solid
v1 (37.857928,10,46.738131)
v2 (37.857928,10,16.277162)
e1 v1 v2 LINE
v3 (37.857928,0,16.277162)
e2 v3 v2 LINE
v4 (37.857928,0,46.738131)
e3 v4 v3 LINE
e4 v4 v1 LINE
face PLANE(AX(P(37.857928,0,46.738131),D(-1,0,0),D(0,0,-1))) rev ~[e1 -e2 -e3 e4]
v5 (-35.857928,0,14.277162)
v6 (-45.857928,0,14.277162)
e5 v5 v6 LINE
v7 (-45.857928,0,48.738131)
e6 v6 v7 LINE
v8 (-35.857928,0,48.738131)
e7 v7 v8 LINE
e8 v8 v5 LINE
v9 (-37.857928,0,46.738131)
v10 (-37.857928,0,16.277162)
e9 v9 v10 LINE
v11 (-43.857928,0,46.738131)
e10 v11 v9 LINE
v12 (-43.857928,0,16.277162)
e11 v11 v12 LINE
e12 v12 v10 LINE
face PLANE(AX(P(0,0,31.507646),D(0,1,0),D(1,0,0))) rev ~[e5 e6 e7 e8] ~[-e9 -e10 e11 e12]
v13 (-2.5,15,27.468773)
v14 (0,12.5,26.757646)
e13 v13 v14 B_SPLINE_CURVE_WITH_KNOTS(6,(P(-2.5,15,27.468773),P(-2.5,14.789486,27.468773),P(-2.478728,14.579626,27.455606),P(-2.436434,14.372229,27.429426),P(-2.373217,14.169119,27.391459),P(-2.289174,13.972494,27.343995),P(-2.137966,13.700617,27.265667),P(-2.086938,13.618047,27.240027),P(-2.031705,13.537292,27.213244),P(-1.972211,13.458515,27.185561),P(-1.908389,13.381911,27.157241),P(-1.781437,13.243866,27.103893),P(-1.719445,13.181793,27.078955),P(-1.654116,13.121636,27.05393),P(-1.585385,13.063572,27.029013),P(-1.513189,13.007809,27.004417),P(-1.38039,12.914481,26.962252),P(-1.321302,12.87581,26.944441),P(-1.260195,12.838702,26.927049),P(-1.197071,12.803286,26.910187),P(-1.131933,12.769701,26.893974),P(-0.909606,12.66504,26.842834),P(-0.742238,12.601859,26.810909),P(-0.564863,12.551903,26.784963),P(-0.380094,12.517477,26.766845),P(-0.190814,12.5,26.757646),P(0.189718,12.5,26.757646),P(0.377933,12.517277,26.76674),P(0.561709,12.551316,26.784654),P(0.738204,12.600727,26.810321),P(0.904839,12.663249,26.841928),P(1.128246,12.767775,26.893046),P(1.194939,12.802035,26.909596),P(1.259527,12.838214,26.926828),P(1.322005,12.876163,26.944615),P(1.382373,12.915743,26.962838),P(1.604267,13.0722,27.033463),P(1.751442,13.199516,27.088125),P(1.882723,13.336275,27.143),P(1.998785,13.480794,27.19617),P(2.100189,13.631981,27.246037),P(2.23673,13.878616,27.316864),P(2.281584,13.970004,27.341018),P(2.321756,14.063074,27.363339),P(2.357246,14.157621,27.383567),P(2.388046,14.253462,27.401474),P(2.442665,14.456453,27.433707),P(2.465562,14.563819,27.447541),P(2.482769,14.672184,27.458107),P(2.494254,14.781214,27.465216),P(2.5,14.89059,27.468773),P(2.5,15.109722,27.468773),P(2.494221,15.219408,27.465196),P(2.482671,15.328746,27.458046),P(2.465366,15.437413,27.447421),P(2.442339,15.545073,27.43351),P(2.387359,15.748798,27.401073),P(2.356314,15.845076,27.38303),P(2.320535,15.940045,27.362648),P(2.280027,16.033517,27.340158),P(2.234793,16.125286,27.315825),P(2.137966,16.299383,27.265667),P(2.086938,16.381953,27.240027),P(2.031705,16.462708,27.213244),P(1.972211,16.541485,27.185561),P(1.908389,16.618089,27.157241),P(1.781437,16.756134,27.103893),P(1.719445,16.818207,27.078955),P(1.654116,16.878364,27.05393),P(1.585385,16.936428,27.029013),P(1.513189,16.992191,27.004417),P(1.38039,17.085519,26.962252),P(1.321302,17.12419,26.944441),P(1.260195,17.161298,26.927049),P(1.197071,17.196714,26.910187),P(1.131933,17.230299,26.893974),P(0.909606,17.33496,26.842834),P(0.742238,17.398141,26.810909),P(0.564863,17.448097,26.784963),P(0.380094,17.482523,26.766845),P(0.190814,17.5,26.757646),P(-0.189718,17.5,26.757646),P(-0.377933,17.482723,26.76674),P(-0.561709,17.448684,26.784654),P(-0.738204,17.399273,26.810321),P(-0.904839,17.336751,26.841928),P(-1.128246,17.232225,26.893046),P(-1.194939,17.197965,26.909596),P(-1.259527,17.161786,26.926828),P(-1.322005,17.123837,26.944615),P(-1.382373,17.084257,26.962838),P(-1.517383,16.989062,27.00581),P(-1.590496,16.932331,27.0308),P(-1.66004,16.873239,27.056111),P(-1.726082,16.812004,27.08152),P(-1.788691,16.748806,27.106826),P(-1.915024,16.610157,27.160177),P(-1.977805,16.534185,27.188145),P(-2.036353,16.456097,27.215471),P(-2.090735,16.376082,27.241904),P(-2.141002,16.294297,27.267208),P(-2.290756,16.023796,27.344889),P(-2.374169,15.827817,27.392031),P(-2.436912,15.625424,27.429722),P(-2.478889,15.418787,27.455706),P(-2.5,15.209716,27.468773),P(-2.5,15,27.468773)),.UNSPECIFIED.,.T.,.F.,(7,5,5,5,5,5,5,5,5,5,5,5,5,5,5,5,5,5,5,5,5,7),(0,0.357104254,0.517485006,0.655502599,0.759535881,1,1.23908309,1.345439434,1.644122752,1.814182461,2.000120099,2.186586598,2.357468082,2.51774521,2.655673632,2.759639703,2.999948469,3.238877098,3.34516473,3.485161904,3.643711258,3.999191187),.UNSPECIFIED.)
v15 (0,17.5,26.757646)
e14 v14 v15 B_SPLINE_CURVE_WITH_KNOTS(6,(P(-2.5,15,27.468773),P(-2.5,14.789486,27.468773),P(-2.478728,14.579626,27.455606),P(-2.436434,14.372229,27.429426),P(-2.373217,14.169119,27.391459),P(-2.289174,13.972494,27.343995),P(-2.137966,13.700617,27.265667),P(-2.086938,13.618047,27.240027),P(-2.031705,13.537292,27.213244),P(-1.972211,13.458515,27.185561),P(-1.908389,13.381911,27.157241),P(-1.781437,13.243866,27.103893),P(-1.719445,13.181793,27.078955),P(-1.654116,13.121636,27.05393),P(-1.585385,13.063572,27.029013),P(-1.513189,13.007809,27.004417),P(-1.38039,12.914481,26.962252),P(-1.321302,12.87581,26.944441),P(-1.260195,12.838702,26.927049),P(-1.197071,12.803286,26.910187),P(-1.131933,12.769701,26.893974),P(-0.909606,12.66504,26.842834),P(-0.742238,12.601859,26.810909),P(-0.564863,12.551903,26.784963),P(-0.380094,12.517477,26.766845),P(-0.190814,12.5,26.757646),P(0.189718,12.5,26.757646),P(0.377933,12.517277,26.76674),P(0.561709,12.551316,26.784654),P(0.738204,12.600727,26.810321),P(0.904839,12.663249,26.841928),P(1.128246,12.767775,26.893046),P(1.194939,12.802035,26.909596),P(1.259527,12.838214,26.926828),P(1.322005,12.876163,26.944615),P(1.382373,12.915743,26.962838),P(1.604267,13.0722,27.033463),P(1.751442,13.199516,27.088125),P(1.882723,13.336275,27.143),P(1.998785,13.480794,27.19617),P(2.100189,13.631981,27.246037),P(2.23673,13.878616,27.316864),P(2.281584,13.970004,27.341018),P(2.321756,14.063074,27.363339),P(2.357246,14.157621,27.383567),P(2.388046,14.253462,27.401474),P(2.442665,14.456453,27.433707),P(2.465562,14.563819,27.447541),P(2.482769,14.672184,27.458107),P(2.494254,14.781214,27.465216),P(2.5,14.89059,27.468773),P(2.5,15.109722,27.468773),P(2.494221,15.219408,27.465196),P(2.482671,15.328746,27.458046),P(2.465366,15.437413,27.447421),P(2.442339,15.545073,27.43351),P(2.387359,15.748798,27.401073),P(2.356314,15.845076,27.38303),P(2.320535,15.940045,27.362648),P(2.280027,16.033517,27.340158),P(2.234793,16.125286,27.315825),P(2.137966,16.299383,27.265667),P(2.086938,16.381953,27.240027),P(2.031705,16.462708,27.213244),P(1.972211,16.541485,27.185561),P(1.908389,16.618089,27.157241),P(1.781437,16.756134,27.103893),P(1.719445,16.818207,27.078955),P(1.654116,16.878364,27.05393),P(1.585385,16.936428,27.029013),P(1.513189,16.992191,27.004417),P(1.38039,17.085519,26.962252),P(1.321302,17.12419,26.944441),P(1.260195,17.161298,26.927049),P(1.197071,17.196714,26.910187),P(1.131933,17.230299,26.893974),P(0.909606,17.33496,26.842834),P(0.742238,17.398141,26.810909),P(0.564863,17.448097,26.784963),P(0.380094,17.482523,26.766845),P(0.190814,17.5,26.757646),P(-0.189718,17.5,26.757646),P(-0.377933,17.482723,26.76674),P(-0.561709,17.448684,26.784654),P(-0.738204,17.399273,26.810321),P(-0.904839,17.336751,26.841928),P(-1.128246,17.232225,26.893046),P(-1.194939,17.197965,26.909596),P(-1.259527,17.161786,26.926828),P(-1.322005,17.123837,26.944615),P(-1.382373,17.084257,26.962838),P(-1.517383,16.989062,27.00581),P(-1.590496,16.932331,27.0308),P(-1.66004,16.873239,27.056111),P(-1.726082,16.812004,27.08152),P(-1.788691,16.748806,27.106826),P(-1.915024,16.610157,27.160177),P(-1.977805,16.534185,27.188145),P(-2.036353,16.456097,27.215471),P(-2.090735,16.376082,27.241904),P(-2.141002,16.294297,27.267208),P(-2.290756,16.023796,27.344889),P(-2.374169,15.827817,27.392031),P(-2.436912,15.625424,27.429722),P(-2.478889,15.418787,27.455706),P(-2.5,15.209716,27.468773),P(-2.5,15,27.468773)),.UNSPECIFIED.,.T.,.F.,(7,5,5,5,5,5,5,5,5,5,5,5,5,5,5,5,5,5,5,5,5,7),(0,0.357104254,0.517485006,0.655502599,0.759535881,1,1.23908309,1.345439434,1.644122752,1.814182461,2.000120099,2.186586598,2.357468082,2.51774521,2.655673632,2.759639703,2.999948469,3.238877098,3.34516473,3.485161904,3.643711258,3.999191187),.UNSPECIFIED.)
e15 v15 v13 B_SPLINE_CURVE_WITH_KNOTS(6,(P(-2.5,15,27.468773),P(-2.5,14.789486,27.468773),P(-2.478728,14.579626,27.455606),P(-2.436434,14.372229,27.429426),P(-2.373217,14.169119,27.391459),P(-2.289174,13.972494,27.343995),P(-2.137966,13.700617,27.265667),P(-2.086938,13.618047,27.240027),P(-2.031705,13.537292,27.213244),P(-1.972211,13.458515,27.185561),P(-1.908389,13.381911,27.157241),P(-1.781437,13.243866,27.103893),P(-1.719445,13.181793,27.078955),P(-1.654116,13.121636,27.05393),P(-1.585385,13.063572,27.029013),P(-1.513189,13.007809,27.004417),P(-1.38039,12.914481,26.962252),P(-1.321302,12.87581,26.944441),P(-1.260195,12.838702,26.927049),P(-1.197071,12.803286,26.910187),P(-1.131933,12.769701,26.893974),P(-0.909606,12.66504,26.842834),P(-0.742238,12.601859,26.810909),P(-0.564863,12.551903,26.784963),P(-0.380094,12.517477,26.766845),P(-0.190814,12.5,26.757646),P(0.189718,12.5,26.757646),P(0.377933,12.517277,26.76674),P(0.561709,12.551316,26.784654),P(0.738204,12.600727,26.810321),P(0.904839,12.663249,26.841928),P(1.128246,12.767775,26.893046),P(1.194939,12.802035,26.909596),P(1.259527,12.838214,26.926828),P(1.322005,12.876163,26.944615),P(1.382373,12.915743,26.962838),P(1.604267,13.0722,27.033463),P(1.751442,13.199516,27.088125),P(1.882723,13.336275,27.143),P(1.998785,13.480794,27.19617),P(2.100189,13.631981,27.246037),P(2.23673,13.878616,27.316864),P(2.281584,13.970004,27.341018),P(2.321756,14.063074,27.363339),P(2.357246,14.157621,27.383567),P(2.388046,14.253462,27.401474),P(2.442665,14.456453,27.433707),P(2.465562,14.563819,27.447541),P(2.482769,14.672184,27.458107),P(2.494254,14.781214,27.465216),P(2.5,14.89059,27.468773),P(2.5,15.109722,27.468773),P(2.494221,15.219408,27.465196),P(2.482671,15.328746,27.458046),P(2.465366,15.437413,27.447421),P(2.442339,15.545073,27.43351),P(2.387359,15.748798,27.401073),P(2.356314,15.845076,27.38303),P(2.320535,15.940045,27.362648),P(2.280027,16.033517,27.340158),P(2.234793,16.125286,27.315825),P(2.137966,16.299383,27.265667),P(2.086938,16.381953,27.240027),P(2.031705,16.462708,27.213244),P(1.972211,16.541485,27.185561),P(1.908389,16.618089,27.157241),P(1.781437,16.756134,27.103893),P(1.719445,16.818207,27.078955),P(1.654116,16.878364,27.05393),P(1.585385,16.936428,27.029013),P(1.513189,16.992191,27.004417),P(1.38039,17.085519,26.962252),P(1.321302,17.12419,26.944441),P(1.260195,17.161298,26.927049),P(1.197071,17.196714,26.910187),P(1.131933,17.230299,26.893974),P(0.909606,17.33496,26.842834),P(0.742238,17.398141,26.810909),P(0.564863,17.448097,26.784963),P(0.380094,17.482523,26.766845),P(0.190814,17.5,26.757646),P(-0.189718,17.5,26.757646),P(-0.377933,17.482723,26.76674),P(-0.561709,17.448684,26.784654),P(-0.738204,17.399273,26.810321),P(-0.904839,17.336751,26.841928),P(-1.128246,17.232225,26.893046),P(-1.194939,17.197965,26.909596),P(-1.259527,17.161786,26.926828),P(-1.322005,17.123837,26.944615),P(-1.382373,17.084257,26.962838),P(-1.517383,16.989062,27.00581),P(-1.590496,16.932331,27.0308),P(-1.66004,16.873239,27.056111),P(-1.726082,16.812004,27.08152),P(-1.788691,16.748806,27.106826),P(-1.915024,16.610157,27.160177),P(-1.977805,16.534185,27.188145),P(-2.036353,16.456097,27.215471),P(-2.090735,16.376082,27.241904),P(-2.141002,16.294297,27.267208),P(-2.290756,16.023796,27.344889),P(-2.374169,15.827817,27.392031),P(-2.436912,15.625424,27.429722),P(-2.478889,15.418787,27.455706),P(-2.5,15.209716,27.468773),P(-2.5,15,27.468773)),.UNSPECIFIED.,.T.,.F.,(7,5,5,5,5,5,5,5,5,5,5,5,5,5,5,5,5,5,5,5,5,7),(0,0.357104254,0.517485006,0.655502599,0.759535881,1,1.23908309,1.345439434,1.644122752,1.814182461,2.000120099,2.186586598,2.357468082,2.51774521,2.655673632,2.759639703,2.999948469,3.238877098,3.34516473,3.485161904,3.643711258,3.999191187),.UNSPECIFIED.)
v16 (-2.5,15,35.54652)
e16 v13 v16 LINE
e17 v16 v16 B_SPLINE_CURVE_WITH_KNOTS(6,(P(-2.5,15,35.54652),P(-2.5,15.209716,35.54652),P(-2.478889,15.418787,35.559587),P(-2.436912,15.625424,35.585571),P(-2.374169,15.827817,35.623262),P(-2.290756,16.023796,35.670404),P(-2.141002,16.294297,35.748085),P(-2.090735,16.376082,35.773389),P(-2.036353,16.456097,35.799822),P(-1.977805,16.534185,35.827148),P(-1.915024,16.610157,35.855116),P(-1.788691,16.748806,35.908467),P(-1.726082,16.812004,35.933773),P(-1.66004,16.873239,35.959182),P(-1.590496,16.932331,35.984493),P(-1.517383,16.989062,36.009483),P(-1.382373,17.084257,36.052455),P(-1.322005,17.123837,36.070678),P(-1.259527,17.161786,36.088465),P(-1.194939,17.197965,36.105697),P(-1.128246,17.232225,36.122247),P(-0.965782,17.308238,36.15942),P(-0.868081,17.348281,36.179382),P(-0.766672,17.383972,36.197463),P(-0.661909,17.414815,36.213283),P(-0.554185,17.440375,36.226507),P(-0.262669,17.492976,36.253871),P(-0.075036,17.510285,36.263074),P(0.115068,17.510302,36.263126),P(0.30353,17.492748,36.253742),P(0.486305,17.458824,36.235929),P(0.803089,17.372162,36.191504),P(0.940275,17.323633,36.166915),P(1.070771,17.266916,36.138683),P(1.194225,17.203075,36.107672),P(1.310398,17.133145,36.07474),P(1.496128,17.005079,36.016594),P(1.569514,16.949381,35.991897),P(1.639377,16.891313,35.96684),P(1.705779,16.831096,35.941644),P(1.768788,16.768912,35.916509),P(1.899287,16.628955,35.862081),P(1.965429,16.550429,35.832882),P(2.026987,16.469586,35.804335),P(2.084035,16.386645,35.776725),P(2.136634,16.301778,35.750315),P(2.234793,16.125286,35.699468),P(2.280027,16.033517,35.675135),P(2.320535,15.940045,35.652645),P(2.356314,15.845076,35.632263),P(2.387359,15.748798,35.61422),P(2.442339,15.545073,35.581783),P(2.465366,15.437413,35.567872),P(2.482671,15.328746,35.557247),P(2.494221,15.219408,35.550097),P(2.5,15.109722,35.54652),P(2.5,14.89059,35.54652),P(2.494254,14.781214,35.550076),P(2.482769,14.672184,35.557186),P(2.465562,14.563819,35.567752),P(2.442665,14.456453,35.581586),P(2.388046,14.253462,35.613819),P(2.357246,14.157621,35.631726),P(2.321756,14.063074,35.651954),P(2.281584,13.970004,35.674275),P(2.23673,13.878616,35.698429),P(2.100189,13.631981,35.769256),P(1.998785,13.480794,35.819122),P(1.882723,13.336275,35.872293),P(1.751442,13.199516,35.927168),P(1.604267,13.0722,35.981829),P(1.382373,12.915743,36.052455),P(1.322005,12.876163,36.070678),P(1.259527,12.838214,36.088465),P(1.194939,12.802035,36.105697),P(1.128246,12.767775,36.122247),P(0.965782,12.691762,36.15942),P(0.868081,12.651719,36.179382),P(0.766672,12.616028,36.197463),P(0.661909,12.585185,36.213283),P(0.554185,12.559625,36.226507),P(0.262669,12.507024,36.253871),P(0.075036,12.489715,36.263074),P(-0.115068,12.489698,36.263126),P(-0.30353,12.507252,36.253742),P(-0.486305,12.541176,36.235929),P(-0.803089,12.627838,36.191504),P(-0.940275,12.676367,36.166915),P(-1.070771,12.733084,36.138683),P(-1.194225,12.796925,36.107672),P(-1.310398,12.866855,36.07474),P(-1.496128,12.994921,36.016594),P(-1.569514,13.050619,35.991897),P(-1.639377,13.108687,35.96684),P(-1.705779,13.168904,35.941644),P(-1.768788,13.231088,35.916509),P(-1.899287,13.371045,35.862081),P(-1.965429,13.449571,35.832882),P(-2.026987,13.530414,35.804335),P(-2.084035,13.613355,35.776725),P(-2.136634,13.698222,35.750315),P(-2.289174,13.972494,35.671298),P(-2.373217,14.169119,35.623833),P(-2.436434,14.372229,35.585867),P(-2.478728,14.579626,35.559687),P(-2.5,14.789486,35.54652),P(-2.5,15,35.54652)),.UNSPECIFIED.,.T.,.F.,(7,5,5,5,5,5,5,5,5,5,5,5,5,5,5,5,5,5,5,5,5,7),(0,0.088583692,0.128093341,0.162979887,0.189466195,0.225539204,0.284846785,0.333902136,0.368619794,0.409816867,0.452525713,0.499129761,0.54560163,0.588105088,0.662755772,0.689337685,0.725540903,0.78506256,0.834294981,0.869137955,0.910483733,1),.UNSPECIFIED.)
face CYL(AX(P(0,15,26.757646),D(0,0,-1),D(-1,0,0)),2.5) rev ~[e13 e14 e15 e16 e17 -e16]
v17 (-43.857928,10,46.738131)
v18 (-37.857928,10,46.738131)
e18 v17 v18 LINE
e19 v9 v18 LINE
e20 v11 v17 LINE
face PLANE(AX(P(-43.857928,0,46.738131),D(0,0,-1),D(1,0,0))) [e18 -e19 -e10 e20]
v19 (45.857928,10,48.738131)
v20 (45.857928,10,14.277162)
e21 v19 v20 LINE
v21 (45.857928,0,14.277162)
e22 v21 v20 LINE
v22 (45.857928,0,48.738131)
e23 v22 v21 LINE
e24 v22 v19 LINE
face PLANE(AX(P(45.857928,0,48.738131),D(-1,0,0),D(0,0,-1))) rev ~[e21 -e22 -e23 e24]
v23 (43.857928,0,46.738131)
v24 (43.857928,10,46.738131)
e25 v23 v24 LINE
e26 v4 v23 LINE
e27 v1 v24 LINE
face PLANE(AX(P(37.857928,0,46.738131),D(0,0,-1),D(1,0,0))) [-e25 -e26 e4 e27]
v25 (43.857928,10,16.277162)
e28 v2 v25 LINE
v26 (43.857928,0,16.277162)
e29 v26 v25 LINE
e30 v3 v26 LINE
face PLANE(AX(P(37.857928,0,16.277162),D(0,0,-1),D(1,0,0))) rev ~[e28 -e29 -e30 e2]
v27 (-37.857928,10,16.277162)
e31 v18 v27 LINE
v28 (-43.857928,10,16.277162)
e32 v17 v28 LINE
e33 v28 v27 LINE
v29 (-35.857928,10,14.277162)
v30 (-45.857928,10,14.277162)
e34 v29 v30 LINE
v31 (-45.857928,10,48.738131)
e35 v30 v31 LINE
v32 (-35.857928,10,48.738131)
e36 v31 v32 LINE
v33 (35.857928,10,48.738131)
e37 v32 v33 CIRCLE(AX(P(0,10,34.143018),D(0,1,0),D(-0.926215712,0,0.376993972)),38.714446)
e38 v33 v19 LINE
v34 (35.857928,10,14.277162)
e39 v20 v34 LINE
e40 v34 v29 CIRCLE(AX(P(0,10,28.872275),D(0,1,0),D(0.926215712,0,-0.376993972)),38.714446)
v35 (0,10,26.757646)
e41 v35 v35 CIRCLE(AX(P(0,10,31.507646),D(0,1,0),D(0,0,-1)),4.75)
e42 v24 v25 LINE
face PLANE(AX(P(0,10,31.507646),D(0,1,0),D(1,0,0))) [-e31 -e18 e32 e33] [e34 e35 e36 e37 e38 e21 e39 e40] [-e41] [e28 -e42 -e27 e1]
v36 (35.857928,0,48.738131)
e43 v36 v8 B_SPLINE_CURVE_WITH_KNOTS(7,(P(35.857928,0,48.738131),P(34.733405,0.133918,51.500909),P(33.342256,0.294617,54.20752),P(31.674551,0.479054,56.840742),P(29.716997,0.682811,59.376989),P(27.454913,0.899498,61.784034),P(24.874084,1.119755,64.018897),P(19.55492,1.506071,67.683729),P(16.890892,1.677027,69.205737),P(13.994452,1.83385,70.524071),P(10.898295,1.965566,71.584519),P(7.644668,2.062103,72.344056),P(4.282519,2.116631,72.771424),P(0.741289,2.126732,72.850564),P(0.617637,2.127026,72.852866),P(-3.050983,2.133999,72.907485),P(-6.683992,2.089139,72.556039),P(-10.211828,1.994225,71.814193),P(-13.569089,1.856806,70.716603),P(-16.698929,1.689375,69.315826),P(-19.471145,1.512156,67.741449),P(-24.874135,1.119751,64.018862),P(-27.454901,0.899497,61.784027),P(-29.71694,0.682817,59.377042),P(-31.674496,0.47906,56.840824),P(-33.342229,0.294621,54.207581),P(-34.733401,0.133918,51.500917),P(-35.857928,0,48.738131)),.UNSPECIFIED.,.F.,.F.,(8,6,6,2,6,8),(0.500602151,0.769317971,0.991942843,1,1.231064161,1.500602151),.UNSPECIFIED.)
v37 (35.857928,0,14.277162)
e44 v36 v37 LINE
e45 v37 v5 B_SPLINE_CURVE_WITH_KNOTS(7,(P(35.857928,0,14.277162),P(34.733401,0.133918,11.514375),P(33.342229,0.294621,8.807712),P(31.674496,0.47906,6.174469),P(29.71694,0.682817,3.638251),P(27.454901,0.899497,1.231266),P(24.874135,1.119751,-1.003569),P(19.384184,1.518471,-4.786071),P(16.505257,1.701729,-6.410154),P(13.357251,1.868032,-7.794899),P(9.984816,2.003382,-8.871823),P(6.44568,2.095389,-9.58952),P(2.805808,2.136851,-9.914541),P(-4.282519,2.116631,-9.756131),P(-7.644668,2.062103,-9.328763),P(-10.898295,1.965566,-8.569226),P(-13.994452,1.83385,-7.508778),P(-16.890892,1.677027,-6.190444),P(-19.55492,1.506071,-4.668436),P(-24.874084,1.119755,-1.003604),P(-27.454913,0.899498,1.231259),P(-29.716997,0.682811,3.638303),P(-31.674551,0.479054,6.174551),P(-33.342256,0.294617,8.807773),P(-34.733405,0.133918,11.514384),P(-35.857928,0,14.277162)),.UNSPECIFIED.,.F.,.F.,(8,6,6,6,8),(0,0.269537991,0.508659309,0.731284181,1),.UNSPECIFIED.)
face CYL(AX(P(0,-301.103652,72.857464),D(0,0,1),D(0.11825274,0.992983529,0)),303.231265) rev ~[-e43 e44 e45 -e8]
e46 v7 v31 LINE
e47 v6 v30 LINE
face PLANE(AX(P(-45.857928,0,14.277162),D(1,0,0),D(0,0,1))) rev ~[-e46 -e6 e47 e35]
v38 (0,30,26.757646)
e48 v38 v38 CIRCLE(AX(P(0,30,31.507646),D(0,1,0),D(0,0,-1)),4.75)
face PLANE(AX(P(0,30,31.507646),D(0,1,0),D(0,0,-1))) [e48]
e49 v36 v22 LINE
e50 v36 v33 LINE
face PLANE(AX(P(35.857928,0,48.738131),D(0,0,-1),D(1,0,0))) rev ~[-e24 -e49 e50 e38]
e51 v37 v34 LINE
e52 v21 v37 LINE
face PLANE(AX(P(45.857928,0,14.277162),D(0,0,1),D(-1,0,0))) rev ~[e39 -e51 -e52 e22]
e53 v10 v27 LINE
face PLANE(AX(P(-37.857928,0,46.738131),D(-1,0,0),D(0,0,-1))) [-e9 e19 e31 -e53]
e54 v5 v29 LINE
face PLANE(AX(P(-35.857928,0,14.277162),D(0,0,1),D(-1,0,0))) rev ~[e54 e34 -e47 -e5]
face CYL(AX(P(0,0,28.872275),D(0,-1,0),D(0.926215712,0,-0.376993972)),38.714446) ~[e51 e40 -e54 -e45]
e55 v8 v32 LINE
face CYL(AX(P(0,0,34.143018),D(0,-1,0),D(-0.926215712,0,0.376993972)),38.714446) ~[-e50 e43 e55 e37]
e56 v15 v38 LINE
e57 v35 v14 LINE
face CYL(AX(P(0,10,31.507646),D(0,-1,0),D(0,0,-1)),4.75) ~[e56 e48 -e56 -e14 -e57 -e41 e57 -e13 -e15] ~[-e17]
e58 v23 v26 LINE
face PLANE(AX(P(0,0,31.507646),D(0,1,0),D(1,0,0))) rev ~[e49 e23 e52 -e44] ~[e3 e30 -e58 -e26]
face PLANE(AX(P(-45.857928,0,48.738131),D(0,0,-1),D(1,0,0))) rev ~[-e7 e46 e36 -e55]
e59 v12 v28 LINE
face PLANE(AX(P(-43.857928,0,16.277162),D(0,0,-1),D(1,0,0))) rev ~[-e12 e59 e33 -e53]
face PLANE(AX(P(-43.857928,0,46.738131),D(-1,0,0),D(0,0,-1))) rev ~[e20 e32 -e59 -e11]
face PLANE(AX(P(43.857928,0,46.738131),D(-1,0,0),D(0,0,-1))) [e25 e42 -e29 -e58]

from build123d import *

# Parameters (mm, degrees)
SKETCH4_W           = 6
SKETCH4_H           = 30.460968249
BOSS_EXTRUDE3_DEPTH = 10
SKETCH5_R           = 4.75
BOSS_EXTRUDE4_DEPTH = 20
CUT_EXTRUDE1_REACH  = 73.611
SKETCH6_R           = 2.5
CUT_EXTRUDE2_REACH  = 101.208


with BuildPart() as part:
    # Sketch4 → Boss-Extrude3 (new body)
    with BuildSketch(Plane(origin=(0, 0, 0), x_dir=(1, 0, 0), z_dir=(0, 1, 0))):
        with BuildLine():
            Line((35.857927804, -48.738130517), (45.857927804, -48.738130517))
            Line((45.857927804, -48.738130517), (45.857927804, -14.277162268))
            Line((45.857927804, -14.277162268), (35.857927804, -14.277162268))
            ThreePointArc((35.857927804, -14.277162268), (0, 9.842170723), (-35.857927804, -14.277162268))
            Line((-35.857927804, -14.277162268), (-45.857927804, -14.277162268))
            Line((-45.857927804, -14.277162268), (-45.857927804, -48.738130517))
            Line((-45.857927804, -48.738130517), (-35.857927804, -48.738130517))
            ThreePointArc((-35.857927804, -48.738130517), (0, -72.857463508), (35.857927804, -48.738130517))
        make_face()
        with Locations((40.857927804, -31.507646392)):
            Rectangle(SKETCH4_W, SKETCH4_H, mode=Mode.SUBTRACT)
        with Locations((-40.857927804, -31.507646392)):
            Rectangle(SKETCH4_W, SKETCH4_H, mode=Mode.SUBTRACT)
    extrude(amount=BOSS_EXTRUDE3_DEPTH)

    # Sketch5 → Boss-Extrude4 (add)
    with BuildSketch(Plane(origin=(0, 10, 0), x_dir=(1, 0, 0), z_dir=(0, 1, 0))):
        with Locations(Location((0, -31.507646393, 0), (0, 0, 90))):
            Circle(SKETCH5_R)
    extrude(amount=BOSS_EXTRUDE4_DEPTH)

    # Sketch6 → Cut-Extrude1 (cut, up to next)
    with BuildSketch(Plane(origin=(0, 0, 26.757646393), x_dir=(-1, 0, 0), z_dir=(0, 0, -1)), mode=Mode.PRIVATE) as cut_extrude1_sk1:
        with Locations((0, 15)):
            Circle(SKETCH6_R)
    cut_extrude1_tool1 = extrude(cut_extrude1_sk1.sketch, amount=-CUT_EXTRUDE1_REACH, mode=Mode.PRIVATE) & part.part
    add(cut_extrude1_tool1.solids().sort_by_distance((0, 15, 26.757646))[0], mode=Mode.SUBTRACT)

    # Sketch7 → Cut-Extrude2 (cut, up to next)
    with BuildSketch(Plane.XY.offset(72.857463508), mode=Mode.PRIVATE) as cut_extrude2_sk1:
        with BuildLine():
            Line((-35.857927804, 0), (35.857927804, 0))
            ThreePointArc((35.857927804, 0), (0, 2.127613267), (-35.857927804, 0))
        make_face()
    cut_extrude2_tool1 = extrude(cut_extrude2_sk1.sketch, amount=-CUT_EXTRUDE2_REACH, mode=Mode.PRIVATE) & part.part
    add(cut_extrude2_tool1.solids().sort_by_distance((0, 0.851302, 72.857464))[0], mode=Mode.SUBTRACT)


solid = part.part
